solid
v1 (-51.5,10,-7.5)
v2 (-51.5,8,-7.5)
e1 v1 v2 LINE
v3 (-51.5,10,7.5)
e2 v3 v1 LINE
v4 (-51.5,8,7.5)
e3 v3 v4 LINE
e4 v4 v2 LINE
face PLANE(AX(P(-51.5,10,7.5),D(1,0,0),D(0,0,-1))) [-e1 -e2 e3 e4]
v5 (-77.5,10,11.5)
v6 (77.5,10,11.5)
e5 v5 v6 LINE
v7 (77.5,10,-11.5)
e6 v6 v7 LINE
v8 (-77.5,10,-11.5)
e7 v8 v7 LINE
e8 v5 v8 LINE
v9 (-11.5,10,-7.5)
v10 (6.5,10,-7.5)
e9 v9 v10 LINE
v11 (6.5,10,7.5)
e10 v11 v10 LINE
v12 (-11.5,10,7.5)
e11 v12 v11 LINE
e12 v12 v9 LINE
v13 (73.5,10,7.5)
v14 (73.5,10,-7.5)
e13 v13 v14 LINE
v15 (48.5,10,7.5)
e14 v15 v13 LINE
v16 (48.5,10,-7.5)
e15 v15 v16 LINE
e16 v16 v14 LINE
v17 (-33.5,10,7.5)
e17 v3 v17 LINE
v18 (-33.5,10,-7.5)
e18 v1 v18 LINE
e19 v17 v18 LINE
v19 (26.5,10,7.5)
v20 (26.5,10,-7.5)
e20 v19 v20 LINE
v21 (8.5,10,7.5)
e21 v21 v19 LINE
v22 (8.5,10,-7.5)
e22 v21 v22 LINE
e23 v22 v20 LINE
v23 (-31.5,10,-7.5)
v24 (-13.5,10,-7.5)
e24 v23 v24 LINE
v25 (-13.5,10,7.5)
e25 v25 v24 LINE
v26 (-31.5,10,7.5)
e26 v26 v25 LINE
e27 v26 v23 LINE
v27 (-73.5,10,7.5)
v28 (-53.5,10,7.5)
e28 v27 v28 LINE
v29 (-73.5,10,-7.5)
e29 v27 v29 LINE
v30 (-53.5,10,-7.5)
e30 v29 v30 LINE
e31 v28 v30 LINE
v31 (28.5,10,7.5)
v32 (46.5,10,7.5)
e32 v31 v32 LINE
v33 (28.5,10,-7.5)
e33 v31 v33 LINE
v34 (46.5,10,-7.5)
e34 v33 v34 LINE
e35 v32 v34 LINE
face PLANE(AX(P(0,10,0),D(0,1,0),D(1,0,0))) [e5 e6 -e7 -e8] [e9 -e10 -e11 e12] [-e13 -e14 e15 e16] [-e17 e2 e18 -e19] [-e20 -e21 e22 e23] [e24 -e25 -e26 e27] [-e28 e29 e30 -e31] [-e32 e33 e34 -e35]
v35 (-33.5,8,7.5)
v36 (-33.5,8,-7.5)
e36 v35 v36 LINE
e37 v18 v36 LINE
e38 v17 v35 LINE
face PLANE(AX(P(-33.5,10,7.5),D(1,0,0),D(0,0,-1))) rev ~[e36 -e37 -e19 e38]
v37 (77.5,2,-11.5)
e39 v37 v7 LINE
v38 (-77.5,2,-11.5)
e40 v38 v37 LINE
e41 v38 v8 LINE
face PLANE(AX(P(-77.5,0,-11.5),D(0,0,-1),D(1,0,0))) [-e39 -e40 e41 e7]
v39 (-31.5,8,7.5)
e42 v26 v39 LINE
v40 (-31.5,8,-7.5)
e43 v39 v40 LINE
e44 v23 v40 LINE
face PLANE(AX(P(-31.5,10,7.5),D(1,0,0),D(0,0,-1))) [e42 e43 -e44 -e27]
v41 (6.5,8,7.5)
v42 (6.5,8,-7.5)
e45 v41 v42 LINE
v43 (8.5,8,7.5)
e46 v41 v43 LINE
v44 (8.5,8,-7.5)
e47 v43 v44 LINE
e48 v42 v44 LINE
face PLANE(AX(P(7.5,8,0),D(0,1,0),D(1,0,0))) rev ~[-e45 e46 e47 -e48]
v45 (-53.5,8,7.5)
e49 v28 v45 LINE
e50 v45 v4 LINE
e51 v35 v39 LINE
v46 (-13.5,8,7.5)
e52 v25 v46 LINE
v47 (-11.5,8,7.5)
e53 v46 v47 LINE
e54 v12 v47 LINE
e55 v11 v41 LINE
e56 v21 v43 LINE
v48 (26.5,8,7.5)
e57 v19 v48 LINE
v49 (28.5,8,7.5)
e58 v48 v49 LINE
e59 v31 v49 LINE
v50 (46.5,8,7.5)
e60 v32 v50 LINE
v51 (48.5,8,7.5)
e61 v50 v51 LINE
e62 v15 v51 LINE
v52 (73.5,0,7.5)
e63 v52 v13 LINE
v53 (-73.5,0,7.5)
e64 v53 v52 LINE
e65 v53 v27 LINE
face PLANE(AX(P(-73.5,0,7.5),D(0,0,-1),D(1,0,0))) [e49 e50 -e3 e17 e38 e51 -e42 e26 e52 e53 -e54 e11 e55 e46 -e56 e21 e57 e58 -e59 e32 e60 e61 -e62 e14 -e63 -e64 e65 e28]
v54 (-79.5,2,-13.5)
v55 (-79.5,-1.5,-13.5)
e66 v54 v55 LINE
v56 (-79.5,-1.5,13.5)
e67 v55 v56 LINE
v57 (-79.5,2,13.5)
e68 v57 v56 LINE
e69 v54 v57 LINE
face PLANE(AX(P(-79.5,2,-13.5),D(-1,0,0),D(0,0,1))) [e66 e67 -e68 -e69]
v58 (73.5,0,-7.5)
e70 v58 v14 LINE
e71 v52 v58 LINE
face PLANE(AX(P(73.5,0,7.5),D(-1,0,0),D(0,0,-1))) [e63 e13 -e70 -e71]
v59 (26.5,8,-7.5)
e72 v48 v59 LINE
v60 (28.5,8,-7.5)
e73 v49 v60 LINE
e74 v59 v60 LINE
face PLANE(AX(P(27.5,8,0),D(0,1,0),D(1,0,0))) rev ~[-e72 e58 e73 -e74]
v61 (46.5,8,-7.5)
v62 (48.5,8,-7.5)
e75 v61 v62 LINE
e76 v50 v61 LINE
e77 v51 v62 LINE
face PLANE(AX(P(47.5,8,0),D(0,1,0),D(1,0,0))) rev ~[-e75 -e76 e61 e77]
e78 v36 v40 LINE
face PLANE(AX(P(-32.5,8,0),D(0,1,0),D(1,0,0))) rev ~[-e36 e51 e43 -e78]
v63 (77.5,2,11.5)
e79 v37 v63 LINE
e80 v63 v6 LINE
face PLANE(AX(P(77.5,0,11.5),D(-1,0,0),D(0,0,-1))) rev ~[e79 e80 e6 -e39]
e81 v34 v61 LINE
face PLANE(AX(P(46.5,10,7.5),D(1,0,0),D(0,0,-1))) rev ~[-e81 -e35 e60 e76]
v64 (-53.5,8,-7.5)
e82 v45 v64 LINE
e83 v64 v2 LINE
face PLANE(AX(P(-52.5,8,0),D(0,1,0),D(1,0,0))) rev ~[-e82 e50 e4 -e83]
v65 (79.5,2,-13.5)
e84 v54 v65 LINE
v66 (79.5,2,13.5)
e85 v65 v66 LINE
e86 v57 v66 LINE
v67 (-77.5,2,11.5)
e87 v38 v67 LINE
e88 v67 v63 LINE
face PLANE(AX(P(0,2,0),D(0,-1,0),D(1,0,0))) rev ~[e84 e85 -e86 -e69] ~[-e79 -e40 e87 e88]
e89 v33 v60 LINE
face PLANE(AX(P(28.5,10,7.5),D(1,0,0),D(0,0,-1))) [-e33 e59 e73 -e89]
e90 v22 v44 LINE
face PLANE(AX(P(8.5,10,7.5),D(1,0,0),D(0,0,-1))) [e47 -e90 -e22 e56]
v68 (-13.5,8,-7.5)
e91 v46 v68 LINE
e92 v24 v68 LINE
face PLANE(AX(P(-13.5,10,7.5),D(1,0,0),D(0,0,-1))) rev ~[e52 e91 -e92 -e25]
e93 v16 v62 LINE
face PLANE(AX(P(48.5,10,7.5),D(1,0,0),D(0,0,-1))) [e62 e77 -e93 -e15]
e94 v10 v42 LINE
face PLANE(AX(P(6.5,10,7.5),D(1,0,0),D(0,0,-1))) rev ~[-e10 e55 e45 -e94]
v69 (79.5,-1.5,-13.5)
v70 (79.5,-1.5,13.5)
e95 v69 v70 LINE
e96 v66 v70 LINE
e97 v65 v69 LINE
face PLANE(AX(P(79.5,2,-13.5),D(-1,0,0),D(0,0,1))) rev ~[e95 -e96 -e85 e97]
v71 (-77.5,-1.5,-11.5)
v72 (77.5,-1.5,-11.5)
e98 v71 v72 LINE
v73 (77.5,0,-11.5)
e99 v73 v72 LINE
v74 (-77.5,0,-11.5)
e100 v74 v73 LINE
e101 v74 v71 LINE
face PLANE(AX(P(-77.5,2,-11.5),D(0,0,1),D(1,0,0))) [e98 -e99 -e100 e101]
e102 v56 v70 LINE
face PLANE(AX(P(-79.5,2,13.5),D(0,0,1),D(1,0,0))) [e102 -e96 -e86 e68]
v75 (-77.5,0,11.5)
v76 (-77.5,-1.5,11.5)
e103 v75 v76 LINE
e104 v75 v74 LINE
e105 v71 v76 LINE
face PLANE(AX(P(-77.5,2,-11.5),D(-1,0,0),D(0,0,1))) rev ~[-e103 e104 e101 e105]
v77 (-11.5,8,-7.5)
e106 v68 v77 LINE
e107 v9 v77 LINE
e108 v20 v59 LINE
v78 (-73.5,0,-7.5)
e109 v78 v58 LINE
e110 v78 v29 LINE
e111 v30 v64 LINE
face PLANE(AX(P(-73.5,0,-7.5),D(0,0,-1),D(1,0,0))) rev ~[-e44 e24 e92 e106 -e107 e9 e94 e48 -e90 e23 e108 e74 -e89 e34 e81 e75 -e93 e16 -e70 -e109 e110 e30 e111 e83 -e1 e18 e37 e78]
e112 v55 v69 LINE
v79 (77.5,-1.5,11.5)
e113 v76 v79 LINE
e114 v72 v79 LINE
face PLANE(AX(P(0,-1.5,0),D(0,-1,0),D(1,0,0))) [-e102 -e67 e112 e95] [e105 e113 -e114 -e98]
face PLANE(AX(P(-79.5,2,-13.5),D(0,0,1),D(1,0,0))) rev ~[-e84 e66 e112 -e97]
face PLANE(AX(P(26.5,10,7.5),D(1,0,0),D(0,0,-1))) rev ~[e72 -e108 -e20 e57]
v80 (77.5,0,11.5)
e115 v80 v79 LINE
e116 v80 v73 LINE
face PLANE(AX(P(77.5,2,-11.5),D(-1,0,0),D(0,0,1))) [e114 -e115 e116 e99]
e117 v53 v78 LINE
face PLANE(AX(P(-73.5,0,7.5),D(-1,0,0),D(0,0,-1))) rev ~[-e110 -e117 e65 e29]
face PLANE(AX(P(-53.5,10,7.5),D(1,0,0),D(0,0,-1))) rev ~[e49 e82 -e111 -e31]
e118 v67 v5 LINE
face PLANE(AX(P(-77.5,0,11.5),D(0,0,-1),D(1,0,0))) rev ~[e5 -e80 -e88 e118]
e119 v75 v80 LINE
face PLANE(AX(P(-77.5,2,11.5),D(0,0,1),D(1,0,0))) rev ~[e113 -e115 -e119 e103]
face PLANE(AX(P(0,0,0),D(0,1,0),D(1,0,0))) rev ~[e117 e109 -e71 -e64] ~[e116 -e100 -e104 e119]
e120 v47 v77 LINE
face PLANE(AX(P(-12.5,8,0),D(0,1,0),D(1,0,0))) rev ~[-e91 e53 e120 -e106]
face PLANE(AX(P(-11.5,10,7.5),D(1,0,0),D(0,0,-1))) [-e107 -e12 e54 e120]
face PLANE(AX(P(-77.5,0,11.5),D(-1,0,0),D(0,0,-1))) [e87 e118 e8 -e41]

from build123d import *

# Parameters (mm, degrees)
SKIZZE1_W                            = 155
SKIZZE1_H                            = 23
SKIZZE1_W_2                          = 147
SKIZZE1_H_2                          = 15
AUFSATZ_LINEAR_AUSTRAGEN1_DEPTH      = 10
SKIZZE2_W                            = 2
SKIZZE2_H                            = 15
AUFSATZ_LINEAR_AUSTRAGEN2_DEPTH      = 2
AUFSATZ_LINEAR_AUSTRAGEN3_DEPTH      = 1.5
AUFSATZ_LINEAR_AUSTRAGEN3_DEPTH_BACK = 2
SKIZZE3_W                            = 159
SKIZZE3_H                            = 27
SKIZZE3_W_2                          = 155
SKIZZE3_H_2                          = 23


with BuildPart() as part:
    # Skizze1 → Aufsatz-Linear austragen1 (new body)
    with BuildSketch(Plane(origin=(0, 0, 0), x_dir=(1, 0, 0), z_dir=(0, 1, 0))):
        Rectangle(SKIZZE1_W, SKIZZE1_H)
        Rectangle(SKIZZE1_W_2, SKIZZE1_H_2, mode=Mode.SUBTRACT)
    extrude(amount=AUFSATZ_LINEAR_AUSTRAGEN1_DEPTH)

    # Skizze2 → Aufsatz-Linear austragen2 (add)
    with BuildSketch(Plane(origin=(0, 10, 0), x_dir=(1, 0, 0), z_dir=(0, 1, 0))):
        with Locations((-52.5, 0)):
            Rectangle(SKIZZE2_W, SKIZZE2_H)
        with Locations((-32.5, 0)):
            Rectangle(SKIZZE2_W, SKIZZE2_H)
        with Locations((-12.5, 0)):
            Rectangle(SKIZZE2_W, SKIZZE2_H)
        with Locations((7.5, 0)):
            Rectangle(SKIZZE2_W, SKIZZE2_H)
        with Locations((27.5, 0)):
            Rectangle(SKIZZE2_W, SKIZZE2_H)
        with Locations((47.5, 0)):
            Rectangle(SKIZZE2_W, SKIZZE2_H)
    extrude(amount=-AUFSATZ_LINEAR_AUSTRAGEN2_DEPTH)

    # Skizze3 → Aufsatz-Linear austragen3 (add, two sides: drawn at the far end of the back side and taken through both)
    with BuildSketch(Plane.XZ.offset(-AUFSATZ_LINEAR_AUSTRAGEN3_DEPTH_BACK)):
        Rectangle(SKIZZE3_W, SKIZZE3_H)
        Rectangle(SKIZZE3_W_2, SKIZZE3_H_2, mode=Mode.SUBTRACT)
    extrude(amount=AUFSATZ_LINEAR_AUSTRAGEN3_DEPTH + AUFSATZ_LINEAR_AUSTRAGEN3_DEPTH_BACK)


solid = part.part
